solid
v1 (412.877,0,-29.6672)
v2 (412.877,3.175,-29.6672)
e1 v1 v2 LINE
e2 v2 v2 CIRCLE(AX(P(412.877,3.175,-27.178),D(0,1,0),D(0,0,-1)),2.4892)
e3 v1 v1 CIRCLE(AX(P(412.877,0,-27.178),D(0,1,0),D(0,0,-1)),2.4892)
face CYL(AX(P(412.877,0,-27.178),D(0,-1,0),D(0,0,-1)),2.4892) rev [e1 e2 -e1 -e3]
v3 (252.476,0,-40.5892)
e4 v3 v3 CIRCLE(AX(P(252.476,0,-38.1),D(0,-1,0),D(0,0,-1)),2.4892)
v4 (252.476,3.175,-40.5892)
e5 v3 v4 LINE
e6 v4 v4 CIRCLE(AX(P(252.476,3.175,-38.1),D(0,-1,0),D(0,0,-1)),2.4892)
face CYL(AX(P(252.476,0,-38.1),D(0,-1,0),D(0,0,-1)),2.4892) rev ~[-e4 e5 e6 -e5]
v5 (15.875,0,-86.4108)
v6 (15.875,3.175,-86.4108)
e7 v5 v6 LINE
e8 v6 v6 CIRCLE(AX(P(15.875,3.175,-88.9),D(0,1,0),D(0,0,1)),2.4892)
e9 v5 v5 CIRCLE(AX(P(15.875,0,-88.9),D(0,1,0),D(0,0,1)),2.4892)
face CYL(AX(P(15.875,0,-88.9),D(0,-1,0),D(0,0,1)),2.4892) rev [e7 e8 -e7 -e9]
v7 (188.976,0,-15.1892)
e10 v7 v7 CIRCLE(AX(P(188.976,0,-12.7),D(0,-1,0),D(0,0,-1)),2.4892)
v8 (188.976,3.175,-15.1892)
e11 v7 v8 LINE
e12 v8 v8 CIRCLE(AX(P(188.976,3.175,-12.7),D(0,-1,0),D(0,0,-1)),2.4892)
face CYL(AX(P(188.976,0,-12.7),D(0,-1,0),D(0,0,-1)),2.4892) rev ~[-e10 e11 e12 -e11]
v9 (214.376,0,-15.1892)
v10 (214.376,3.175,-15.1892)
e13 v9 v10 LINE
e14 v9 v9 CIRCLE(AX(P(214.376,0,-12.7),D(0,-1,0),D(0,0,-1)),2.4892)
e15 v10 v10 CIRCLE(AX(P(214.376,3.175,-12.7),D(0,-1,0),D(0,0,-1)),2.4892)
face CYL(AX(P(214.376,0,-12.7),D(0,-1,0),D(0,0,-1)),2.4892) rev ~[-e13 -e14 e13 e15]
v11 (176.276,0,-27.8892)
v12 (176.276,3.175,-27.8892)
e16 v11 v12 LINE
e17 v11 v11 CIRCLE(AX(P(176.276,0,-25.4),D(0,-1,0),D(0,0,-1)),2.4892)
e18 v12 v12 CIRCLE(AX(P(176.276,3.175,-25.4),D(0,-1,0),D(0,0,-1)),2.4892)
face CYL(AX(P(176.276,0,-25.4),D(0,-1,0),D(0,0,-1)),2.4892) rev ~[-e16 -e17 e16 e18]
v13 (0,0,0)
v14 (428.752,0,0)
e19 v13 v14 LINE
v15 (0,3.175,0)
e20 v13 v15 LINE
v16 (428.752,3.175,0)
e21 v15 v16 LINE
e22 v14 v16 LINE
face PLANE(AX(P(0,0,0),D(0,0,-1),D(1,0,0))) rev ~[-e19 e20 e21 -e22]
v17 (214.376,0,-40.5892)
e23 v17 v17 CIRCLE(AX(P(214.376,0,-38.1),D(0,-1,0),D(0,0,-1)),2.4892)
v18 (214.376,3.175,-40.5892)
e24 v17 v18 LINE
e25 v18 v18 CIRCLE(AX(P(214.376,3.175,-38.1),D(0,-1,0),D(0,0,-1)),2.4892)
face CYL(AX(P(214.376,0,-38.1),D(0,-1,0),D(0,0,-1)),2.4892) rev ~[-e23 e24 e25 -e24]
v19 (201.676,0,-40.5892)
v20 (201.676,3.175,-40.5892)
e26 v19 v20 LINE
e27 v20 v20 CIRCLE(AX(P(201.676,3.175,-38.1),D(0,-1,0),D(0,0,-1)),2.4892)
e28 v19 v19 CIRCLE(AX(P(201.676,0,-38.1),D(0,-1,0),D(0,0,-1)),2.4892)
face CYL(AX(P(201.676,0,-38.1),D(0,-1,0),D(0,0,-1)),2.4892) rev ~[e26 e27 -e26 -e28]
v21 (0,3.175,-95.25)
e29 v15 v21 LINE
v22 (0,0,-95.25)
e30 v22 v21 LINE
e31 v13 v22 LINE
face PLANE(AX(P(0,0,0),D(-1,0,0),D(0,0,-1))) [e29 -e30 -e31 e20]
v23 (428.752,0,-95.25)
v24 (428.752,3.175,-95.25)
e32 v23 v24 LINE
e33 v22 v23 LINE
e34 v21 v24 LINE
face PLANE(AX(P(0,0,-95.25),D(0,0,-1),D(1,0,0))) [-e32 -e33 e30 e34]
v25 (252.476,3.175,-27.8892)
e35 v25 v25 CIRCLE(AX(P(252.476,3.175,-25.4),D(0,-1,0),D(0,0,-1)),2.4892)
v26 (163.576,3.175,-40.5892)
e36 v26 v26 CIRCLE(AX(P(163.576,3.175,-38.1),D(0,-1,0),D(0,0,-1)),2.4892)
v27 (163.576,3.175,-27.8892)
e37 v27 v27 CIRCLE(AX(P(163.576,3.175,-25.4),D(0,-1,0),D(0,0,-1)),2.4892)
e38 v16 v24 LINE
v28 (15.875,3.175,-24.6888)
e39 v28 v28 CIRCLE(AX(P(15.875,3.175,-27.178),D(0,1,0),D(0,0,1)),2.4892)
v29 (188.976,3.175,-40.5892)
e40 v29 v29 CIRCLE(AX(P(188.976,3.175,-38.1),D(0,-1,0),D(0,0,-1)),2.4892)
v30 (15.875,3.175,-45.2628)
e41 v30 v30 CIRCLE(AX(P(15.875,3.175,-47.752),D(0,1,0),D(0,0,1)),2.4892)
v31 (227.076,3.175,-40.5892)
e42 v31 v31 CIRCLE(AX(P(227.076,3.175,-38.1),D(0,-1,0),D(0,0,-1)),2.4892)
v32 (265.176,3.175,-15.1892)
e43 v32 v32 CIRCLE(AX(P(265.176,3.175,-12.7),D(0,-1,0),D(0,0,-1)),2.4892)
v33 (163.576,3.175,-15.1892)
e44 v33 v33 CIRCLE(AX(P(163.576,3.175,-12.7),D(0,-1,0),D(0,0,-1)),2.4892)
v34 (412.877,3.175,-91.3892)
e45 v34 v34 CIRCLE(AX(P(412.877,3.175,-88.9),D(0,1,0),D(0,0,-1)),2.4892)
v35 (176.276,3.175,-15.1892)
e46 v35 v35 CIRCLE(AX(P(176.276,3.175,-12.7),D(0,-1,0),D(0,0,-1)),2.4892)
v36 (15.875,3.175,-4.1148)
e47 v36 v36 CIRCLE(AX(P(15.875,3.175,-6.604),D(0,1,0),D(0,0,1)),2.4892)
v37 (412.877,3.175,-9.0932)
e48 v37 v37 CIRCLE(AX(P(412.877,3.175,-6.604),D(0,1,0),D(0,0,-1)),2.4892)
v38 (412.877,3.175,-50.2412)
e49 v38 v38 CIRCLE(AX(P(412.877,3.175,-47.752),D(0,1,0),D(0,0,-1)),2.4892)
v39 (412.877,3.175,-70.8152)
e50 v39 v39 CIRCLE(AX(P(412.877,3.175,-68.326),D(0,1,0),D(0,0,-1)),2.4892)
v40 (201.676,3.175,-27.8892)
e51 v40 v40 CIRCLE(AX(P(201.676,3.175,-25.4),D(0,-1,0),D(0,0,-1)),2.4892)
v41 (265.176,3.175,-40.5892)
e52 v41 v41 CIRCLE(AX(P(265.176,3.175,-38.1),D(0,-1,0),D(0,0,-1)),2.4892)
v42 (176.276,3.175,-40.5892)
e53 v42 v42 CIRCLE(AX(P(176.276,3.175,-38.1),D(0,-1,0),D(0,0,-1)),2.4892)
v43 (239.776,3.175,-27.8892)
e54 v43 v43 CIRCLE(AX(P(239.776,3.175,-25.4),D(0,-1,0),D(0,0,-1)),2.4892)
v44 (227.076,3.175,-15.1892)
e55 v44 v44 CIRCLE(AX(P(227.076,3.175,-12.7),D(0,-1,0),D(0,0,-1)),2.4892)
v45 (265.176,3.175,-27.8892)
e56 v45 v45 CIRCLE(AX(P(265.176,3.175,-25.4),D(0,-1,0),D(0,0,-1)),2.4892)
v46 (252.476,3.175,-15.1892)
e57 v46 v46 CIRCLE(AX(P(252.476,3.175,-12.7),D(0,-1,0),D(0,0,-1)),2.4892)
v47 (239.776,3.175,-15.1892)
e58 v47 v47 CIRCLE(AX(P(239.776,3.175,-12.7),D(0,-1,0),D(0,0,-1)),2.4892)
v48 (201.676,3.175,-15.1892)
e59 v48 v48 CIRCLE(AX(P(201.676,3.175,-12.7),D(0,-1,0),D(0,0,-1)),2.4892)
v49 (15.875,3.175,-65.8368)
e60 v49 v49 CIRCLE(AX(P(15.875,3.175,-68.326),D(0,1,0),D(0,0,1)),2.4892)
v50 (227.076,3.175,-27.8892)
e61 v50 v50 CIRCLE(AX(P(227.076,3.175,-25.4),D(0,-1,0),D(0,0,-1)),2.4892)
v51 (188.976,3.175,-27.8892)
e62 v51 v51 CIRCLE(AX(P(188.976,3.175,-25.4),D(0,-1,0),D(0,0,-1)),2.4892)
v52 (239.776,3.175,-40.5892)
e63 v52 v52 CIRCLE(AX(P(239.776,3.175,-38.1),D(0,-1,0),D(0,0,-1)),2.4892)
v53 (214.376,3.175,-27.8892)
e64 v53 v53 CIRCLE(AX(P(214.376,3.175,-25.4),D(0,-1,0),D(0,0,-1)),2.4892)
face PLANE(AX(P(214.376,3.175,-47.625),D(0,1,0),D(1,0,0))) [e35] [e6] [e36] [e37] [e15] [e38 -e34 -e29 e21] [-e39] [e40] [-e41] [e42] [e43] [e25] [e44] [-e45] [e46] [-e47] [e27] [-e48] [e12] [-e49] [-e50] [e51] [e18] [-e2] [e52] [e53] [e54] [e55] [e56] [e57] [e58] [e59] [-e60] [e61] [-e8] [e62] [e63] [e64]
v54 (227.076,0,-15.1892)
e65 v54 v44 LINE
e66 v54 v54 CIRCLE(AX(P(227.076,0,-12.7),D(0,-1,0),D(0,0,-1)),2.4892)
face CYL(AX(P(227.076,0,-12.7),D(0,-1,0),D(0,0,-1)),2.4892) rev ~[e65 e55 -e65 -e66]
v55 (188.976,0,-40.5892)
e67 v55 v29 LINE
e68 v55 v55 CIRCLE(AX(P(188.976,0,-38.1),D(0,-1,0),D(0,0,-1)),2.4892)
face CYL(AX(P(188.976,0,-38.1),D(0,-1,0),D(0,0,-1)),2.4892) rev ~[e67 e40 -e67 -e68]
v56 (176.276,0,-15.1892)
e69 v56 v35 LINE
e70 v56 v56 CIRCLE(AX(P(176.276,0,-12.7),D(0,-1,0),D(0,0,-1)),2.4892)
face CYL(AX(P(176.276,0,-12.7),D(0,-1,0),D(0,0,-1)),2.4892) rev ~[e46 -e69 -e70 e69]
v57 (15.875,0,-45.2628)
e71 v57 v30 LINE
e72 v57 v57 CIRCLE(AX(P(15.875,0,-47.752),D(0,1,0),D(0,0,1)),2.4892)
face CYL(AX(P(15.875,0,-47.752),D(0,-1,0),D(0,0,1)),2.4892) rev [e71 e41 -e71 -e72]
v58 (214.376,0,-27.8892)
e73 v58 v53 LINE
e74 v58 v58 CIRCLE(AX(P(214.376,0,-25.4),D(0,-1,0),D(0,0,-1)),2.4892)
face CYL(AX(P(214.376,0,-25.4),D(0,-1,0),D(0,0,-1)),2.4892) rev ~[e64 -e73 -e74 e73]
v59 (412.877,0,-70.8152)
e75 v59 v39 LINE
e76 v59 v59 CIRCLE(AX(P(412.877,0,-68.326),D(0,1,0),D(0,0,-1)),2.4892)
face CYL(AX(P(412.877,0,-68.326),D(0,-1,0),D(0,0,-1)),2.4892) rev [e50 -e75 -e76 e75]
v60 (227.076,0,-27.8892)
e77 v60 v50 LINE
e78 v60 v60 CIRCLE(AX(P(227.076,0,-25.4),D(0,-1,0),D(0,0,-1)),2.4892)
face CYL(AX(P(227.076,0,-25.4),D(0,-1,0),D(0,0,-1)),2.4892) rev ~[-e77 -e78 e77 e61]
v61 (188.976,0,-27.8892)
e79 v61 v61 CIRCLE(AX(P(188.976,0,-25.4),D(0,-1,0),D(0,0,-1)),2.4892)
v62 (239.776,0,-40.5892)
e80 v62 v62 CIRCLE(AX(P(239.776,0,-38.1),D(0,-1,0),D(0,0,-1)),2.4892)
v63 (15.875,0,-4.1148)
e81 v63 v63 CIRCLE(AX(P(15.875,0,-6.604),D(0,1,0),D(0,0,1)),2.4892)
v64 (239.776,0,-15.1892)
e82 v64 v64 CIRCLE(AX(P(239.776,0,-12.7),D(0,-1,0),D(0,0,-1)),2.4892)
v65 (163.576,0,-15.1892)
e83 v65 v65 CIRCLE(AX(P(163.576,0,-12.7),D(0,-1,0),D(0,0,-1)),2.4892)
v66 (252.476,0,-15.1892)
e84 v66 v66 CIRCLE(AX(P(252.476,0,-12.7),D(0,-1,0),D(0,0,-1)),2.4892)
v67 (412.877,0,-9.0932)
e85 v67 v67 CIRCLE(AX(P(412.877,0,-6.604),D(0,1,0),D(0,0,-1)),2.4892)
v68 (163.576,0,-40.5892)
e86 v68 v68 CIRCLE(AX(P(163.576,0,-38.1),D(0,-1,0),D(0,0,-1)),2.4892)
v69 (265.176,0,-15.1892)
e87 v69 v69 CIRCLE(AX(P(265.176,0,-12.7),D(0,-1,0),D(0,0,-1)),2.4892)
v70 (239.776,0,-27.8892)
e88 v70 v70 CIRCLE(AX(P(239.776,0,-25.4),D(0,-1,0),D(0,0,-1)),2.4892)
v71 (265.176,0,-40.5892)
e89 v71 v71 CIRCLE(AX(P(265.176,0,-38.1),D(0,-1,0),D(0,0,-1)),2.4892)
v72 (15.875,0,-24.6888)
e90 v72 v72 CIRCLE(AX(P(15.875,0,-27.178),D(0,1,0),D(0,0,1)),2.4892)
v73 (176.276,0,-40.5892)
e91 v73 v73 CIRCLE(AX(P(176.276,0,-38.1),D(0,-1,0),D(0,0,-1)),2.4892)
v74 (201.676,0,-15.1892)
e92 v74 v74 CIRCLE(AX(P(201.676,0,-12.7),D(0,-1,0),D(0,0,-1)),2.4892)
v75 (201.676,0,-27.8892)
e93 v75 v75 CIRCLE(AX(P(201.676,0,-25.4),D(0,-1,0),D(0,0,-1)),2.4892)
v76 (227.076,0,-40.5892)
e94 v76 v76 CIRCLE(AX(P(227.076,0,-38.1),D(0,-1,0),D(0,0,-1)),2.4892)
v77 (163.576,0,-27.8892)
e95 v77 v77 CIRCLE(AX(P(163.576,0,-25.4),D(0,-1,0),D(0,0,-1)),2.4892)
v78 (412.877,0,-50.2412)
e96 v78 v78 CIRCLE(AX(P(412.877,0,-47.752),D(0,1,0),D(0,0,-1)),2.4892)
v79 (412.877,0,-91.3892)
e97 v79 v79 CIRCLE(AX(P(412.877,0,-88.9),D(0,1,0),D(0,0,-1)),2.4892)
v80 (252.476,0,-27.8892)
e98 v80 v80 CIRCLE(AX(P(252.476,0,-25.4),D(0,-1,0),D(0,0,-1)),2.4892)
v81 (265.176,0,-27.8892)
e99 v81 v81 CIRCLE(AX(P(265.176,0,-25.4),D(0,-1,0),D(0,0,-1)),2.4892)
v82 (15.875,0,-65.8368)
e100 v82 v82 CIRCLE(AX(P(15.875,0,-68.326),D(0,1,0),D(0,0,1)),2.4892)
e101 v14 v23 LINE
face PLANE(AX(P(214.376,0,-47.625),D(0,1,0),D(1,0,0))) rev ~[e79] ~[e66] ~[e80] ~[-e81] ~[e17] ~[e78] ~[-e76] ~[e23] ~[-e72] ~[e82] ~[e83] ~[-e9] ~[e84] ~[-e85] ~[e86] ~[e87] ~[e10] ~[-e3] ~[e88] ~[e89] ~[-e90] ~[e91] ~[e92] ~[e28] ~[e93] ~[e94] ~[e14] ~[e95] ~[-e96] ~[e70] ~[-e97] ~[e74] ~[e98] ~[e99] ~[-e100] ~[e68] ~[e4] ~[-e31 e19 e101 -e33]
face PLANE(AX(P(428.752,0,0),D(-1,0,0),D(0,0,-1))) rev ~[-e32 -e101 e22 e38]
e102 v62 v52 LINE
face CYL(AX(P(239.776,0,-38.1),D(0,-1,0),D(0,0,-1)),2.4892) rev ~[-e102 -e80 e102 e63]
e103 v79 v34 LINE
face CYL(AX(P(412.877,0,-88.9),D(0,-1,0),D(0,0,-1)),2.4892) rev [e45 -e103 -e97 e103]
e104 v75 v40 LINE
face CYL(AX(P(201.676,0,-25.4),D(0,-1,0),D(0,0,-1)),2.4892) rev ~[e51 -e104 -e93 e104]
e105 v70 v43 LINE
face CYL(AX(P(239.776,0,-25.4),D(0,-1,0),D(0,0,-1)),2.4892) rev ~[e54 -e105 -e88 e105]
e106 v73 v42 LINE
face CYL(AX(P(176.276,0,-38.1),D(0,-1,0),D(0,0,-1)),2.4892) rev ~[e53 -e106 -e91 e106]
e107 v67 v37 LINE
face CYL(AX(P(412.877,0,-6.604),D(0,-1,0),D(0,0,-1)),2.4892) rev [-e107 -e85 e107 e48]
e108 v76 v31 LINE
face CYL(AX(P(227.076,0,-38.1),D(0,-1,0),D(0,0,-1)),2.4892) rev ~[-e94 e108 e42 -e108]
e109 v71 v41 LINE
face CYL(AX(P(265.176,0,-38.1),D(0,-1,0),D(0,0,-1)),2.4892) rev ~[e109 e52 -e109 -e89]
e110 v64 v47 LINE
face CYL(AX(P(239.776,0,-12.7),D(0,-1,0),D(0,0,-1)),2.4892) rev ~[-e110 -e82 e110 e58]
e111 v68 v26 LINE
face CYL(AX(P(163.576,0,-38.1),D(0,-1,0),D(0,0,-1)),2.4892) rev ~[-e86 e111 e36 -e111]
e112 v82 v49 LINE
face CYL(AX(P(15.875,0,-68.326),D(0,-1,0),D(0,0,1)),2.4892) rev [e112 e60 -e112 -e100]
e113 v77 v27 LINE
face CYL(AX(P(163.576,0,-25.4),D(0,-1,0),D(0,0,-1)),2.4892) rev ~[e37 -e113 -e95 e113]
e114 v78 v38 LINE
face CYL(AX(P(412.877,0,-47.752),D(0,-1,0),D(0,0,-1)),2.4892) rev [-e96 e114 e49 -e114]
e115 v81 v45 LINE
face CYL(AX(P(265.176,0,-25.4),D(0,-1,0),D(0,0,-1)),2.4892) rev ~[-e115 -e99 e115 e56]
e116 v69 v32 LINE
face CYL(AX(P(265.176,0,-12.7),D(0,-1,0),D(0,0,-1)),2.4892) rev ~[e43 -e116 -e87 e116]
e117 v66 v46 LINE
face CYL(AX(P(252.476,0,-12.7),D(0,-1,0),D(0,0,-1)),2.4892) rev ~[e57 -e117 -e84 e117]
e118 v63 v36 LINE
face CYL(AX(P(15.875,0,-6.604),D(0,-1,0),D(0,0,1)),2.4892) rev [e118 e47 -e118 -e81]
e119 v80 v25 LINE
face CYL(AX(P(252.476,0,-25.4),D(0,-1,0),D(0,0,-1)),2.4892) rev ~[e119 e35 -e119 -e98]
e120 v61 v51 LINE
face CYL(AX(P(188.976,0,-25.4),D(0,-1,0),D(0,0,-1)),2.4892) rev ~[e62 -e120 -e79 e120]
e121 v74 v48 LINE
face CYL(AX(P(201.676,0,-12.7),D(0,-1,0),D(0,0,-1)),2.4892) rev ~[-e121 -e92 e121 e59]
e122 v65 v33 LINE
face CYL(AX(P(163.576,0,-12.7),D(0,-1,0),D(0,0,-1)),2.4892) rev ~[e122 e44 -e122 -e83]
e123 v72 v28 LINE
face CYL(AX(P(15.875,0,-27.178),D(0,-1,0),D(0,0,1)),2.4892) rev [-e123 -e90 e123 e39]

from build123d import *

# Parameters (mm, degrees)
SKETCH1_W           = 428.752
SKETCH1_H           = 95.25
SKETCH1_R           = 2.4892
BOSS_EXTRUDE1_DEPTH = 3.175
SKETCH6_R           = 2.4892
CUT_EXTRUDE1_DEPTH  = 3.175


with BuildPart() as part:
    # Sketch1 → Boss-Extrude1 (new body)
    with BuildSketch(Plane(origin=(0, 0, 0), x_dir=(1, 0, 0), z_dir=(0, 1, 0))):
        with Locations((214.376, 47.625)):
            Rectangle(SKETCH1_W, SKETCH1_H)
        with Locations(Location((15.875, 88.9, 0), (0, 0, 270))):
            Circle(SKETCH1_R, mode=Mode.SUBTRACT)
        with Locations(Location((412.877, 88.9, 0), (0, 0, 90))):
            Circle(SKETCH1_R, mode=Mode.SUBTRACT)
        with Locations(Location((15.875, 68.326, 0), (0, 0, 270))):
            Circle(SKETCH1_R, mode=Mode.SUBTRACT)
        with Locations(Location((15.875, 47.752, 0), (0, 0, 270))):
            Circle(SKETCH1_R, mode=Mode.SUBTRACT)
        with Locations(Location((15.875, 27.178, 0), (0, 0, 270))):
            Circle(SKETCH1_R, mode=Mode.SUBTRACT)
        with Locations(Location((15.875, 6.604, 0), (0, 0, 270))):
            Circle(SKETCH1_R, mode=Mode.SUBTRACT)
        with Locations(Location((412.877, 6.604, 0), (0, 0, 90))):
            Circle(SKETCH1_R, mode=Mode.SUBTRACT)
        with Locations(Location((412.877, 27.178, 0), (0, 0, 90))):
            Circle(SKETCH1_R, mode=Mode.SUBTRACT)
        with Locations(Location((412.877, 47.752, 0), (0, 0, 90))):
            Circle(SKETCH1_R, mode=Mode.SUBTRACT)
        with Locations(Location((412.877, 68.326, 0), (0, 0, 90))):
            Circle(SKETCH1_R, mode=Mode.SUBTRACT)
    extrude(amount=BOSS_EXTRUDE1_DEPTH)

    # Sketch6 → Cut-Extrude1 (cut)
    with BuildSketch(Plane(origin=(0, 0, 0), x_dir=(-1, 0, 0), z_dir=(0, -1, 0))):
        with Locations(Location((-214.376, 12.7, 0), (0, 0, 90))):
            Circle(SKETCH6_R)
        with Locations(Location((-214.376, 25.4, 0), (0, 0, 90))):
            Circle(SKETCH6_R)
        with Locations(Location((-214.376, 38.1, 0), (0, 0, 90))):
            Circle(SKETCH6_R)
        with Locations(Location((-227.076, 12.7, 0), (0, 0, 90))):
            Circle(SKETCH6_R)
        with Locations(Location((-239.776, 12.7, 0), (0, 0, 90))):
            Circle(SKETCH6_R)
        with Locations(Location((-252.476, 12.7, 0), (0, 0, 90))):
            Circle(SKETCH6_R)
        with Locations(Location((-227.076, 25.4, 0), (0, 0, 90))):
            Circle(SKETCH6_R)
        with Locations(Location((-227.076, 38.1, 0), (0, 0, 90))):
            Circle(SKETCH6_R)
        with Locations(Location((-239.776, 25.4, 0), (0, 0, 90))):
            Circle(SKETCH6_R)
        with Locations(Location((-239.776, 38.1, 0), (0, 0, 90))):
            Circle(SKETCH6_R)
        with Locations(Location((-252.476, 25.4, 0), (0, 0, 90))):
            Circle(SKETCH6_R)
        with Locations(Location((-252.476, 38.1, 0), (0, 0, 90))):
            Circle(SKETCH6_R)
        with Locations(Location((-201.676, 12.7, 0), (0, 0, 90))):
            Circle(SKETCH6_R)
        with Locations(Location((-201.676, 25.4, 0), (0, 0, 90))):
            Circle(SKETCH6_R)
        with Locations(Location((-201.676, 38.1, 0), (0, 0, 90))):
            Circle(SKETCH6_R)
        with Locations(Location((-188.976, 12.7, 0), (0, 0, 90))):
            Circle(SKETCH6_R)
        with Locations(Location((-188.976, 25.4, 0), (0, 0, 90))):
            Circle(SKETCH6_R)
        with Locations(Location((-188.976, 38.1, 0), (0, 0, 90))):
            Circle(SKETCH6_R)
        with Locations(Location((-176.276, 12.7, 0), (0, 0, 90))):
            Circle(SKETCH6_R)
        with Locations(Location((-176.276, 25.4, 0), (0, 0, 90))):
            Circle(SKETCH6_R)
        with Locations(Location((-176.276, 38.1, 0), (0, 0, 90))):
            Circle(SKETCH6_R)
        with Locations(Location((-163.576, 12.7, 0), (0, 0, 90))):
            Circle(SKETCH6_R)
        with Locations(Location((-163.576, 25.4, 0), (0, 0, 90))):
            Circle(SKETCH6_R)
        with Locations(Location((-163.576, 38.1, 0), (0, 0, 90))):
            Circle(SKETCH6_R)
        with Locations(Location((-265.176, 25.4, 0), (0, 0, 90))):
            Circle(SKETCH6_R)
        with Locations(Location((-265.176, 38.1, 0), (0, 0, 90))):
            Circle(SKETCH6_R)
        with Locations(Location((-265.176, 12.7, 0), (0, 0, 90))):
            Circle(SKETCH6_R)
    extrude(amount=-CUT_EXTRUDE1_DEPTH, mode=Mode.SUBTRACT)


solid = part.part
